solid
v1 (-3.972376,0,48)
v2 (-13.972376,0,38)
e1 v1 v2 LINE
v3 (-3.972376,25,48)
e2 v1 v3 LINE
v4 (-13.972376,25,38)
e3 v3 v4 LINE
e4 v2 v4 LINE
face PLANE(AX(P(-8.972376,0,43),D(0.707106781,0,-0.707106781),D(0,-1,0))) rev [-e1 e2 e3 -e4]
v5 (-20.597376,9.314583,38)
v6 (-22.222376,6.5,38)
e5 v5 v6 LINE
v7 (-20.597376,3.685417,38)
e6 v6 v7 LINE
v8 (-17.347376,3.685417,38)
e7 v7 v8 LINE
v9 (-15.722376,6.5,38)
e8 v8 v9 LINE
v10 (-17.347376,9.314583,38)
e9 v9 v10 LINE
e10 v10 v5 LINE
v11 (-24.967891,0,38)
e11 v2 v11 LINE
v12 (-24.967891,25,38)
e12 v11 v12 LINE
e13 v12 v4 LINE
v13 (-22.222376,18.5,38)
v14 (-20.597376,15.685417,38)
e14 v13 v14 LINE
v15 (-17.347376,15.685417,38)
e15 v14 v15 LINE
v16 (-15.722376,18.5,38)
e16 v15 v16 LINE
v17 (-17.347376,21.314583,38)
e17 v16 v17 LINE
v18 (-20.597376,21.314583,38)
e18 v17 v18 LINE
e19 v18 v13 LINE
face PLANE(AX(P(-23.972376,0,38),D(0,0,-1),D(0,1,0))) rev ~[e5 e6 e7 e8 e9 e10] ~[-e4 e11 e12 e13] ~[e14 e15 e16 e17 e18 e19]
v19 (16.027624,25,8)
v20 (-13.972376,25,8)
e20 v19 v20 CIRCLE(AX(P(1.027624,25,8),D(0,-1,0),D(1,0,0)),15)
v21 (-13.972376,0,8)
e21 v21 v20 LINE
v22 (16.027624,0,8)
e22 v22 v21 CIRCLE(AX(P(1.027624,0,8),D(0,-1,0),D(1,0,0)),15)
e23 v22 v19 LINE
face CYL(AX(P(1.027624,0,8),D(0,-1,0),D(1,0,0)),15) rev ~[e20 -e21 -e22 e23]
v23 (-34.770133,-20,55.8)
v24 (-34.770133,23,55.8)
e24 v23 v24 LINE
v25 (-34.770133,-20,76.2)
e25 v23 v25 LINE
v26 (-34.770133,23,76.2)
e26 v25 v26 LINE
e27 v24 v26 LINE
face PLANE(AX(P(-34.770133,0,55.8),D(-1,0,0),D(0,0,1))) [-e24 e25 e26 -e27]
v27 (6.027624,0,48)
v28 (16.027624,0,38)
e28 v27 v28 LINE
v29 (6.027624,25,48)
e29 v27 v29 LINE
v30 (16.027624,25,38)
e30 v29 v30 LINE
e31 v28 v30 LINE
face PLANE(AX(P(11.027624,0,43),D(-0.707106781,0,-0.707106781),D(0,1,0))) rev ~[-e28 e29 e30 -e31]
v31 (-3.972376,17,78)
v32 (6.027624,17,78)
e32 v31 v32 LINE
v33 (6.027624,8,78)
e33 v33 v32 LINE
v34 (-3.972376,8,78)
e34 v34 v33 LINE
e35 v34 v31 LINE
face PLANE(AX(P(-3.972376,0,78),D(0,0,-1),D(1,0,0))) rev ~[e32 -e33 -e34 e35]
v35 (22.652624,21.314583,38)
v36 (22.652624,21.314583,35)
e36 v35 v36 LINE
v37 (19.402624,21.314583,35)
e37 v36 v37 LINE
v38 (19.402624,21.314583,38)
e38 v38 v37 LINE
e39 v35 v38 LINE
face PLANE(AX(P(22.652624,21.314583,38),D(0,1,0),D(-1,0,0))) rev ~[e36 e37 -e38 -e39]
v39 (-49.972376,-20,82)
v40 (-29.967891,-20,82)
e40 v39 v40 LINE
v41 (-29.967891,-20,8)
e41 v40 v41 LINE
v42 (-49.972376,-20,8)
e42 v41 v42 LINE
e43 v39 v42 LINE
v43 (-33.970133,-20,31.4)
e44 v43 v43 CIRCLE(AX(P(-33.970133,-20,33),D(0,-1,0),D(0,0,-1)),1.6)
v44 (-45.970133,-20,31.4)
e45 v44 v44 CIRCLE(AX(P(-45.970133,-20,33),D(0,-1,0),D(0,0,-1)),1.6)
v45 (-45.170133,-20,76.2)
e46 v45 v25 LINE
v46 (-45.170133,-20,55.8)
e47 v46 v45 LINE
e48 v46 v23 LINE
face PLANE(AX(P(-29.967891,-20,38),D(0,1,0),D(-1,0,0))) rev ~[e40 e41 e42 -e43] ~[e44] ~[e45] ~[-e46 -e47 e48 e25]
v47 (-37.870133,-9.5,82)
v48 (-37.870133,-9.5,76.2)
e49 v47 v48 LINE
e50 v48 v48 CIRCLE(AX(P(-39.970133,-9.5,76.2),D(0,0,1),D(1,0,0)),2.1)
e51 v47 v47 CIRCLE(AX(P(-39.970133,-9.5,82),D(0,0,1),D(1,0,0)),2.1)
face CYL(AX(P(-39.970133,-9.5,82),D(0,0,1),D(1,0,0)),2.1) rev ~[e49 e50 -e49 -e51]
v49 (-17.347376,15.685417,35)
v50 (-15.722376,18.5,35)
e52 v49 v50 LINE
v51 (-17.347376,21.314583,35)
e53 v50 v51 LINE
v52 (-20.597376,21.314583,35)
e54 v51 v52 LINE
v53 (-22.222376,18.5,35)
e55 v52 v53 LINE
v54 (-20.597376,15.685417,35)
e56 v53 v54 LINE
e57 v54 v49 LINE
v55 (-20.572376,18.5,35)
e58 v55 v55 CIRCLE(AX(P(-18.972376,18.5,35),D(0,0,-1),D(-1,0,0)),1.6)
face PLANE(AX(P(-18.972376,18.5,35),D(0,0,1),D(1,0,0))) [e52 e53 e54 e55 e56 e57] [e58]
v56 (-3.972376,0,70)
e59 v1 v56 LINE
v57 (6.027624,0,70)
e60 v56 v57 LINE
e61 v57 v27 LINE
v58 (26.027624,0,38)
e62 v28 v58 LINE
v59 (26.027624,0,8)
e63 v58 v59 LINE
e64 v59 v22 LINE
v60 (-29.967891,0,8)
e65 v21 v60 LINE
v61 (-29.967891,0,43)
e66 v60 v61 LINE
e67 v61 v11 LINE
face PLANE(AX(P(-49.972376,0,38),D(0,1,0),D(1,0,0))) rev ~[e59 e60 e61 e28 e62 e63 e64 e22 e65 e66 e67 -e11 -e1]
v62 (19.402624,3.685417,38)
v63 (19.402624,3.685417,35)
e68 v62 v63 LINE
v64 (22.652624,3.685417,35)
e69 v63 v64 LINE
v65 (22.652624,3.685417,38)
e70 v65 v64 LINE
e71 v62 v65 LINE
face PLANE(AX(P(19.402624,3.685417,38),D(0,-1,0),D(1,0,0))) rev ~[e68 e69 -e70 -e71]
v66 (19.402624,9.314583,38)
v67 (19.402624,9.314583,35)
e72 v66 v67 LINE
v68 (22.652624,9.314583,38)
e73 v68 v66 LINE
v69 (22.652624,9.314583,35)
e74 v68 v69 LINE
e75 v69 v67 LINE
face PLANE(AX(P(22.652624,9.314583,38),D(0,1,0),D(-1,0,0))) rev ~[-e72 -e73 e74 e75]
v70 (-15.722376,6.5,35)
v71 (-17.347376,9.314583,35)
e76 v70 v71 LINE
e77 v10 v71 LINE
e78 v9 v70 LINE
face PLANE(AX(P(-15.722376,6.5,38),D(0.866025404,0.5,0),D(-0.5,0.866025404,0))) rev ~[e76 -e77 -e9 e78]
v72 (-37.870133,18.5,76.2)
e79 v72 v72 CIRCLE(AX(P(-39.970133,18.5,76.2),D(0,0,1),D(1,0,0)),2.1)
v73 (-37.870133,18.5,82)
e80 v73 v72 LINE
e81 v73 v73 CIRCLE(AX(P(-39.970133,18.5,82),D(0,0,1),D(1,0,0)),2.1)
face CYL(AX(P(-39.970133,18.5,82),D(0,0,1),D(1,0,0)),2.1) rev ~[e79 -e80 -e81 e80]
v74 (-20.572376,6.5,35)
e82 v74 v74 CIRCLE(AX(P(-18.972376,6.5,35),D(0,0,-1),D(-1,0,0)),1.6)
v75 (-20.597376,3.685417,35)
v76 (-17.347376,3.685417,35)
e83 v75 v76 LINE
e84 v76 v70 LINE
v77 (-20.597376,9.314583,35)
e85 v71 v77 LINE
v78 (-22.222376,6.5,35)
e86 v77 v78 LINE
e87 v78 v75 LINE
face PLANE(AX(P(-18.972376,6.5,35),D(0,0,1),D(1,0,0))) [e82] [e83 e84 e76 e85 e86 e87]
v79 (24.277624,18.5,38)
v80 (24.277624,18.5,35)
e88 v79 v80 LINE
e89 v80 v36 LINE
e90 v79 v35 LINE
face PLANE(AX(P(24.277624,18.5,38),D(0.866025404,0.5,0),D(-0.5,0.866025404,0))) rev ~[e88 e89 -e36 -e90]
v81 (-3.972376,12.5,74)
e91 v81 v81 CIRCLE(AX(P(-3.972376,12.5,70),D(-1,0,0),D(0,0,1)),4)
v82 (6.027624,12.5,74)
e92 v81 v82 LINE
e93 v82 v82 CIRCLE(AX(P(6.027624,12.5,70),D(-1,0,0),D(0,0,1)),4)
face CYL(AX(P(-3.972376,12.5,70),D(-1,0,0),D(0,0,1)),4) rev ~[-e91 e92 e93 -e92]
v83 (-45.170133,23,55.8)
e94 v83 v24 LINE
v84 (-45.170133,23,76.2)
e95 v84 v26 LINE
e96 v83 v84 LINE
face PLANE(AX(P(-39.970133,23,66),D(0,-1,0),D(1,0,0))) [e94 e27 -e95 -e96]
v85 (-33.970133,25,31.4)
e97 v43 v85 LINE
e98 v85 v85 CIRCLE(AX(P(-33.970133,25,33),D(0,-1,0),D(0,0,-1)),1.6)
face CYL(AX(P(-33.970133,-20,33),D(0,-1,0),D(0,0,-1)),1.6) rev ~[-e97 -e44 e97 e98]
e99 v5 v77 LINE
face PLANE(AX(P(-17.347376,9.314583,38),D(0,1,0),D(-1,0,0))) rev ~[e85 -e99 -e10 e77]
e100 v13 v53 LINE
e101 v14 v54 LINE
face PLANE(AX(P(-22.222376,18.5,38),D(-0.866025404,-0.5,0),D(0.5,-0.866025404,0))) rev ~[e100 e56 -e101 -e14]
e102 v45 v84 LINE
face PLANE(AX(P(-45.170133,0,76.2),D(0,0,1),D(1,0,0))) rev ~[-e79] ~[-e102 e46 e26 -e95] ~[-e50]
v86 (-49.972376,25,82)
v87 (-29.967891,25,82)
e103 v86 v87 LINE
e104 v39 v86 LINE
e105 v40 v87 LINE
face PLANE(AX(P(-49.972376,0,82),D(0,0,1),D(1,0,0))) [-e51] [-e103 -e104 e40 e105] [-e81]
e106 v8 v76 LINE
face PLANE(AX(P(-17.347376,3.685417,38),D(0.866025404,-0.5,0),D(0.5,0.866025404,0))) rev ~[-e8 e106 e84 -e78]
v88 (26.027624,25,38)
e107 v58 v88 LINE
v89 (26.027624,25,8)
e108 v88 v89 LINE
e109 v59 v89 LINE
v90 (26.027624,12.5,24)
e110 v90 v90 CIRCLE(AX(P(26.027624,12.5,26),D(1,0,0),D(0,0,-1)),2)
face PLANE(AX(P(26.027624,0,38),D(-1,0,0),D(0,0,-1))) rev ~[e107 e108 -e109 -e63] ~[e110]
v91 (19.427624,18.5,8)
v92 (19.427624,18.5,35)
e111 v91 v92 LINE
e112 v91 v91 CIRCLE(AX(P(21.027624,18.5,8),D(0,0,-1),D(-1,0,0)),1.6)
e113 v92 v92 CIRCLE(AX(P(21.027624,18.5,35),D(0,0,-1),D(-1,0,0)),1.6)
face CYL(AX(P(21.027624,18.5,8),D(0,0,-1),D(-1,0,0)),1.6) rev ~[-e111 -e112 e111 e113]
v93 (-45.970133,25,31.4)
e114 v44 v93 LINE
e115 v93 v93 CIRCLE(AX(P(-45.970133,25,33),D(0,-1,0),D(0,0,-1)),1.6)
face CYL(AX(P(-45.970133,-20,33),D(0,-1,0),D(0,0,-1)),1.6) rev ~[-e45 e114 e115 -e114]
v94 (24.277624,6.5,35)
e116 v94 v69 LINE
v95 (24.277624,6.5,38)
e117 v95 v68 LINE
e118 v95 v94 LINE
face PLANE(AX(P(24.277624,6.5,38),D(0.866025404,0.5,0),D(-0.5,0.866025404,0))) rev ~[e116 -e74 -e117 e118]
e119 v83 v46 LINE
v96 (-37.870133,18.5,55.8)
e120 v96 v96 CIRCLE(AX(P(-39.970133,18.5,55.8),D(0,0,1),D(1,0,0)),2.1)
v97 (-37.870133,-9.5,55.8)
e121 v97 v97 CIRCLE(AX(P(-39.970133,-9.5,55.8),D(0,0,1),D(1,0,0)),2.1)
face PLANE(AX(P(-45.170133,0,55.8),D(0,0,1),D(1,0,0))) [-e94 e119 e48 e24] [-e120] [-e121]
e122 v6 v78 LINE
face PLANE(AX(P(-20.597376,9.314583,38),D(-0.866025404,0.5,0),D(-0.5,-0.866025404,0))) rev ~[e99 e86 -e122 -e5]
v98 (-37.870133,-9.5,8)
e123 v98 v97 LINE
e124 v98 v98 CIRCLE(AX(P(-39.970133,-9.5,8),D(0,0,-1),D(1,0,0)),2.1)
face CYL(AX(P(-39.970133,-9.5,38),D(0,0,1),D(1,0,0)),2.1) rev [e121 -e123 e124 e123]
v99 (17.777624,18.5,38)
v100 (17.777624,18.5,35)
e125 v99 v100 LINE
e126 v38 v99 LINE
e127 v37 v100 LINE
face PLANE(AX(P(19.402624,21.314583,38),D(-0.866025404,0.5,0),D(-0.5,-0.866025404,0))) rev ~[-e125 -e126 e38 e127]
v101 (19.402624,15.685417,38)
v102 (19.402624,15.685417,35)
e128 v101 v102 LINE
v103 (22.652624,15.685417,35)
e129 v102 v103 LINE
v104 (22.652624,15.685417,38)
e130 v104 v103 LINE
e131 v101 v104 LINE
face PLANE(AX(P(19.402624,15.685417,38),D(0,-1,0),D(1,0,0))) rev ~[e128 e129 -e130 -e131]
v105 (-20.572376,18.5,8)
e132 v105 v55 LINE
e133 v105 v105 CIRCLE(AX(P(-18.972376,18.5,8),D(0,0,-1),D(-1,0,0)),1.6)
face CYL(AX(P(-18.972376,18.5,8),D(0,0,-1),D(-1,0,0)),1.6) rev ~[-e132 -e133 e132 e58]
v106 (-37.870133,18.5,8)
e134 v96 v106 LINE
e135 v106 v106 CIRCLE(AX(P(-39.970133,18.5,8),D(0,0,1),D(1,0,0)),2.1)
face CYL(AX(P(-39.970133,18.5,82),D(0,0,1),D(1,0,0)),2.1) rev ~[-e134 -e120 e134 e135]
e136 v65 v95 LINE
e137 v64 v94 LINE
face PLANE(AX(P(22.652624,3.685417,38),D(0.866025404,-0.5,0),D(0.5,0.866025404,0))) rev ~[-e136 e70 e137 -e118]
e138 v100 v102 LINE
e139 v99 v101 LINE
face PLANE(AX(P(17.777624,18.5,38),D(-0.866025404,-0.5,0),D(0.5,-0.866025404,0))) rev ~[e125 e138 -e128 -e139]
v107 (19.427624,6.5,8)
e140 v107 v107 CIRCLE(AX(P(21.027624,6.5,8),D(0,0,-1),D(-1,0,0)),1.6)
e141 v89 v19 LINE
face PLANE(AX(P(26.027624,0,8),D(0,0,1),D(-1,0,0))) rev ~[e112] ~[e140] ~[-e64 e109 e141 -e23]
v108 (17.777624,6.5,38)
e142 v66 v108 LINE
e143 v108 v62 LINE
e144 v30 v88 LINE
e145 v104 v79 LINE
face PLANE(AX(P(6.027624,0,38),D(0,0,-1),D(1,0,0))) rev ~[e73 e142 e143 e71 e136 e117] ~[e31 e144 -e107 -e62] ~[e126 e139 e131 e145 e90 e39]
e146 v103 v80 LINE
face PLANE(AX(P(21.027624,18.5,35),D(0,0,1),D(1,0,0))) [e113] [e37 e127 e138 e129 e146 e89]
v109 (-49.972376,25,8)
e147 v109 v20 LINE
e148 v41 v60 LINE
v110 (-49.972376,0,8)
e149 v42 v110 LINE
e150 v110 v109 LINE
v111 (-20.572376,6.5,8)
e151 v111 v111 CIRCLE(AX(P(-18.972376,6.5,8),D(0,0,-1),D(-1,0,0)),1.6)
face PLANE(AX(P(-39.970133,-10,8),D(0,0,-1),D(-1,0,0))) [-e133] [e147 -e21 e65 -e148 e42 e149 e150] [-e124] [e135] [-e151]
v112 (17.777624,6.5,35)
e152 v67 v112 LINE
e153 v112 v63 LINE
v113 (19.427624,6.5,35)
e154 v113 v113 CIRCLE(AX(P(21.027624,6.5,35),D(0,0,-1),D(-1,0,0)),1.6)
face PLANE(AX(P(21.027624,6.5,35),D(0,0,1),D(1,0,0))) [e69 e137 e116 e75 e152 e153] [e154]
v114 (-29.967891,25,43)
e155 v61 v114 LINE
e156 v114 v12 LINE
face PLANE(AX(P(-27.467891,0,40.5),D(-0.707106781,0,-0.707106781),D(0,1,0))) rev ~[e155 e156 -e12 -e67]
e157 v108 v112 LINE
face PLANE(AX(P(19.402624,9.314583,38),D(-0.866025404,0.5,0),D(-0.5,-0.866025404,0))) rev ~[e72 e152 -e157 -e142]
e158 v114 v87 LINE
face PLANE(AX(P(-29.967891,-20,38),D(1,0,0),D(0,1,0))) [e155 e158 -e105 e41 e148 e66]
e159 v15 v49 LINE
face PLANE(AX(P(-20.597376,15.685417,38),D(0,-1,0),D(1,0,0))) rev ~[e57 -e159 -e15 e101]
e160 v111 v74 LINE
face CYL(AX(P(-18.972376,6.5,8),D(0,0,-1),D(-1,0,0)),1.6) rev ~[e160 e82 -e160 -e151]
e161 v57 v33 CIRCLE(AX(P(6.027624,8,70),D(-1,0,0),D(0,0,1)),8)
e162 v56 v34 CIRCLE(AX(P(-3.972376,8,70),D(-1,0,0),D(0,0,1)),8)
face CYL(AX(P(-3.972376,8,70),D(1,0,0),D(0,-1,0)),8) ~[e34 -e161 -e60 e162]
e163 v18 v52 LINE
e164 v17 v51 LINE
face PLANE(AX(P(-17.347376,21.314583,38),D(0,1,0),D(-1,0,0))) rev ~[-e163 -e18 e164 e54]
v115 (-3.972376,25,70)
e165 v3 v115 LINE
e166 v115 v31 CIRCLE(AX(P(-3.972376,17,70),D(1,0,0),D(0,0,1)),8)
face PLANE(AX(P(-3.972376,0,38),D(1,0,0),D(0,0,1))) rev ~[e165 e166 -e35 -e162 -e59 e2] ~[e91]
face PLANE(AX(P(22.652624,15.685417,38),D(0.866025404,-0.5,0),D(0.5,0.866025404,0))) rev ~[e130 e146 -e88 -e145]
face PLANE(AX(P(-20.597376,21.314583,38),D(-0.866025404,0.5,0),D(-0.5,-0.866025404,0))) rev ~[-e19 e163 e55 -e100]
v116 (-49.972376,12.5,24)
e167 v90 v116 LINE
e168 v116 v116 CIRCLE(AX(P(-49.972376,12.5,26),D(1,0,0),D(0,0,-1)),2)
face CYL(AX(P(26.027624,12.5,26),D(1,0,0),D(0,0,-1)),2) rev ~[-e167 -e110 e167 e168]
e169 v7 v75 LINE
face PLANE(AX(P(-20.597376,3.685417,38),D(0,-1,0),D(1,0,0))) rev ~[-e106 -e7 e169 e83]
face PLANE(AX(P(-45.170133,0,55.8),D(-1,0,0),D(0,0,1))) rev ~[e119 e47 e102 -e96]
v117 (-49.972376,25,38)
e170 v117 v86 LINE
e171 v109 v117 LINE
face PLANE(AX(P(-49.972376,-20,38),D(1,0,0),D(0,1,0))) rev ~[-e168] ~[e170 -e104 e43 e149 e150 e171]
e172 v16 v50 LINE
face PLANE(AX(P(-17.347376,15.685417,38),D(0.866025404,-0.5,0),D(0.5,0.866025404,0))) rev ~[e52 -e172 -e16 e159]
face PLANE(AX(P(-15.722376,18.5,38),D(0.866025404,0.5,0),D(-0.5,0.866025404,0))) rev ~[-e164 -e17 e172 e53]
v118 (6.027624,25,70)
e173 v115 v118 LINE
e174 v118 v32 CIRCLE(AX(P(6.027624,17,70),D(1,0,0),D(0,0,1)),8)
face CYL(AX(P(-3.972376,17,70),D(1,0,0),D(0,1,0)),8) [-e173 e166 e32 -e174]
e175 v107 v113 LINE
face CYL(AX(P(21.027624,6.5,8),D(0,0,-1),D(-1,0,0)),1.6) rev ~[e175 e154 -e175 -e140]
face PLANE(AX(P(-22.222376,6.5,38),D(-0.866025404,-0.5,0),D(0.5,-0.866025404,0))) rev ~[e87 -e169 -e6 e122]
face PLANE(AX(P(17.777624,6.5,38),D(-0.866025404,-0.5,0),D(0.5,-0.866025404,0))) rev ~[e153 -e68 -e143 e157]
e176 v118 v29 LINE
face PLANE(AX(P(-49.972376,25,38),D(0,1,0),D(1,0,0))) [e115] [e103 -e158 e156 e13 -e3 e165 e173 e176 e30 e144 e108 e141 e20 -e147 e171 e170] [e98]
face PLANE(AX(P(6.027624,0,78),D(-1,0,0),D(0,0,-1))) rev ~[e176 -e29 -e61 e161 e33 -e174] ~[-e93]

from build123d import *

# Parameters (mm, degrees)
BOSS_EXTRUDE1_DEPTH = 25
SKETCH2_R           = 4
CUT_EXTRUDE1_DEPTH  = 88.229582138
SKETCH3_R           = 1.6
CUT_EXTRUDE2_DEPTH  = 79.755553628
CUT_EXTRUDE3_DEPTH  = 3
FILLET2_R           = 8
CHAMFER2_SIZE       = 10
SKETCH5_W           = 30
SKETCH5_H           = 25
BOSS_EXTRUDE2_DEPTH = 26
SKETCH6_W           = 20.004484435
SKETCH6_H           = 25
BOSS_EXTRUDE3_DEPTH = 44
SKETCH7_W           = 10.4
SKETCH7_H           = 20.4
CUT_EXTRUDE4_DEPTH  = 23
SKETCH9_W           = 20.004484435
SKETCH9_H           = 44
SKETCH9_W_2         = 10.4
SKETCH9_H_2         = 20.4
BOSS_EXTRUDE4_DEPTH = 20
SKETCH10_R          = 2.1
CUT_EXTRUDE6_DEPTH  = 93.726686192
CHAMFER5_SIZE       = 5
SKETCH11_R          = 2
CUT_EXTRUDE7_DEPTH  = 115.564392374
SKETCH12_W          = 20.004484435
SKETCH12_H          = 20
SKETCH12_R          = 2.1
BOSS_EXTRUDE5_DEPTH = 30
SKETCH13_R          = 1.6
CUT_EXTRUDE8_DEPTH  = 107.048283023


with BuildPart() as part:
    # Sketch1 → Boss-Extrude1 (new body)
    with BuildSketch(Plane(origin=(0, 0, 0), x_dir=(1, 0, 0), z_dir=(0, 1, 0))):
        with BuildLine():
            Line((-13.972375691, -8), (-23.972375691, -8))
            Line((-23.972375691, -8), (-23.972375691, -38))
            Line((-23.972375691, -38), (-3.972375691, -38))
            Line((-3.972375691, -38), (-3.972375691, -78))
            Line((-3.972375691, -78), (6.027624309, -78))
            Line((6.027624309, -78), (6.027624309, -38))
            Line((6.027624309, -38), (26.027624309, -38))
            Line((26.027624309, -38), (26.027624309, -8))
            Line((26.027624309, -8), (16.027624309, -8))
            ThreePointArc((16.027624309, -8), (1.027624309, -23), (-13.972375691, -8))
        make_face()
    extrude(amount=BOSS_EXTRUDE1_DEPTH)

    # Sketch2 → Cut-Extrude1 (cut, through all)
    with BuildSketch(Plane.ZY.offset(3.972375691)):
        with Locations((70, 12.5)):
            Circle(SKETCH2_R)
    extrude(amount=-CUT_EXTRUDE1_DEPTH, mode=Mode.SUBTRACT)

    # Sketch3 → Cut-Extrude2 (cut, through all)
    with BuildSketch(Plane(origin=(0, 0, 8), x_dir=(-1, 0, 0), z_dir=(0, 0, -1))):
        with Locations((-21.027624309, 6.5)):
            Circle(SKETCH3_R)
        with Locations((-21.027624309, 18.5)):
            Circle(SKETCH3_R)
        with Locations((18.972375691, 6.5)):
            Circle(SKETCH3_R)
        with Locations((18.972375691, 18.5)):
            Circle(SKETCH3_R)
    extrude(amount=-CUT_EXTRUDE2_DEPTH, mode=Mode.SUBTRACT)

    # Sketch4 → Cut-Extrude3 (cut)
    with BuildSketch(Plane.XY.offset(38)):
        Polygon((24.277624309, 18.5), (22.652624309, 21.314582562), (19.402624309, 21.314582562), (17.777624309, 18.5), (19.402624309, 15.685417438), (22.652624309, 15.685417438), align=None)
        Polygon((24.277624309, 6.5), (22.652624309, 9.314582562), (19.402624309, 9.314582562), (17.777624309, 6.5), (19.402624309, 3.685417438), (22.652624309, 3.685417438), align=None)
        Polygon((-15.722375691, 18.5), (-17.347375691, 21.314582562), (-20.597375691, 21.314582562), (-22.222375691, 18.5), (-20.597375691, 15.685417438), (-17.347375691, 15.685417438), align=None)
        Polygon((-15.722375691, 6.5), (-17.347375691, 9.314582562), (-20.597375691, 9.314582562), (-22.222375691, 6.5), (-20.597375691, 3.685417438), (-17.347375691, 3.685417438), align=None)
    extrude(amount=-CUT_EXTRUDE3_DEPTH, mode=Mode.SUBTRACT)

    # Fillet2
    fillet2_edges = [part.edges().sort_by_distance(p)[0] for p in [
        (1.027624309, 0, 78),
        (1.027624309, 25, 78),
    ]]
    fillet(fillet2_edges, radius=FILLET2_R)

    # Chamfer2
    chamfer2_edges = [part.edges().sort_by_distance(p)[0] for p in [
        (6.027624309, 12.5, 38),
        (-3.972375691, 12.5, 38),
    ]]
    chamfer(chamfer2_edges, length=CHAMFER2_SIZE)

    # Sketch5 → Boss-Extrude2 (add)
    with BuildSketch(Plane.ZY.offset(23.972375691)):
        with Locations((23, 12.5)):
            Rectangle(SKETCH5_W, SKETCH5_H)
    extrude(amount=BOSS_EXTRUDE2_DEPTH)

    # Sketch6 → Boss-Extrude3 (add)
    with BuildSketch(Plane.XY.offset(38)):
        with Locations((-39.970133473, 12.5)):
            Rectangle(SKETCH6_W, SKETCH6_H)
    extrude(amount=BOSS_EXTRUDE3_DEPTH)

    # Sketch7 → Cut-Extrude4 (cut)
    with BuildSketch(Plane.XZ):
        with Locations((-39.970133474, 66)):
            Rectangle(SKETCH7_W, SKETCH7_H)
    extrude(amount=-CUT_EXTRUDE4_DEPTH, mode=Mode.SUBTRACT)

    # Sketch9 → Boss-Extrude4 (add)
    with BuildSketch(Plane.XZ):
        with Locations((-39.970133473, 60)):
            Rectangle(SKETCH9_W, SKETCH9_H)
        with Locations((-39.970133474, 66)):
            Rectangle(SKETCH9_W_2, SKETCH9_H_2, mode=Mode.SUBTRACT)
    extrude(amount=BOSS_EXTRUDE4_DEPTH)

    # Sketch10 → Cut-Extrude6 (cut, through all)
    with BuildSketch(Plane.XY.offset(82)):
        with Locations((-39.970133474, -9.5)):
            Circle(SKETCH10_R)
        with Locations((-39.970133474, 18.5)):
            Circle(SKETCH10_R)
    extrude(amount=-CUT_EXTRUDE6_DEPTH, mode=Mode.SUBTRACT)

    # Chamfer5
    chamfer5_edges = [part.edges().sort_by_distance(p)[0] for p in [
        (-29.967891256, 12.5, 38),
    ]]
    chamfer(chamfer5_edges, length=CHAMFER5_SIZE)

    # Sketch11 → Cut-Extrude7 (cut, through all)
    with BuildSketch(Plane(origin=(26.027624309, 0, 0), x_dir=(0, 0, -1), z_dir=(1, 0, 0))):
        with Locations((-26, 12.5)):
            Circle(SKETCH11_R)
    extrude(amount=-CUT_EXTRUDE7_DEPTH, mode=Mode.SUBTRACT)

    # Sketch12 → Boss-Extrude5 (add)
    with BuildSketch(Plane(origin=(0, 0, 38), x_dir=(-1, 0, 0), z_dir=(0, 0, -1))):
        with Locations((39.970133473, -10)):
            Rectangle(SKETCH12_W, SKETCH12_H)
        with Locations(Location((39.970133474, -9.5, 0), (0, 0, 180))):
            Circle(SKETCH12_R, mode=Mode.SUBTRACT)
    extrude(amount=BOSS_EXTRUDE5_DEPTH)

    # Sketch13 → Cut-Extrude8 (cut, through all)
    with BuildSketch(Plane.XZ.offset(20)):
        with Locations(Location((-33.970133474, 33, 0), (0, 0, 270))):
            Circle(SKETCH13_R)
        with Locations(Location((-45.970133474, 33, 0), (0, 0, 270))):
            Circle(SKETCH13_R)
    extrude(amount=-CUT_EXTRUDE8_DEPTH, mode=Mode.SUBTRACT)


solid = part.part
